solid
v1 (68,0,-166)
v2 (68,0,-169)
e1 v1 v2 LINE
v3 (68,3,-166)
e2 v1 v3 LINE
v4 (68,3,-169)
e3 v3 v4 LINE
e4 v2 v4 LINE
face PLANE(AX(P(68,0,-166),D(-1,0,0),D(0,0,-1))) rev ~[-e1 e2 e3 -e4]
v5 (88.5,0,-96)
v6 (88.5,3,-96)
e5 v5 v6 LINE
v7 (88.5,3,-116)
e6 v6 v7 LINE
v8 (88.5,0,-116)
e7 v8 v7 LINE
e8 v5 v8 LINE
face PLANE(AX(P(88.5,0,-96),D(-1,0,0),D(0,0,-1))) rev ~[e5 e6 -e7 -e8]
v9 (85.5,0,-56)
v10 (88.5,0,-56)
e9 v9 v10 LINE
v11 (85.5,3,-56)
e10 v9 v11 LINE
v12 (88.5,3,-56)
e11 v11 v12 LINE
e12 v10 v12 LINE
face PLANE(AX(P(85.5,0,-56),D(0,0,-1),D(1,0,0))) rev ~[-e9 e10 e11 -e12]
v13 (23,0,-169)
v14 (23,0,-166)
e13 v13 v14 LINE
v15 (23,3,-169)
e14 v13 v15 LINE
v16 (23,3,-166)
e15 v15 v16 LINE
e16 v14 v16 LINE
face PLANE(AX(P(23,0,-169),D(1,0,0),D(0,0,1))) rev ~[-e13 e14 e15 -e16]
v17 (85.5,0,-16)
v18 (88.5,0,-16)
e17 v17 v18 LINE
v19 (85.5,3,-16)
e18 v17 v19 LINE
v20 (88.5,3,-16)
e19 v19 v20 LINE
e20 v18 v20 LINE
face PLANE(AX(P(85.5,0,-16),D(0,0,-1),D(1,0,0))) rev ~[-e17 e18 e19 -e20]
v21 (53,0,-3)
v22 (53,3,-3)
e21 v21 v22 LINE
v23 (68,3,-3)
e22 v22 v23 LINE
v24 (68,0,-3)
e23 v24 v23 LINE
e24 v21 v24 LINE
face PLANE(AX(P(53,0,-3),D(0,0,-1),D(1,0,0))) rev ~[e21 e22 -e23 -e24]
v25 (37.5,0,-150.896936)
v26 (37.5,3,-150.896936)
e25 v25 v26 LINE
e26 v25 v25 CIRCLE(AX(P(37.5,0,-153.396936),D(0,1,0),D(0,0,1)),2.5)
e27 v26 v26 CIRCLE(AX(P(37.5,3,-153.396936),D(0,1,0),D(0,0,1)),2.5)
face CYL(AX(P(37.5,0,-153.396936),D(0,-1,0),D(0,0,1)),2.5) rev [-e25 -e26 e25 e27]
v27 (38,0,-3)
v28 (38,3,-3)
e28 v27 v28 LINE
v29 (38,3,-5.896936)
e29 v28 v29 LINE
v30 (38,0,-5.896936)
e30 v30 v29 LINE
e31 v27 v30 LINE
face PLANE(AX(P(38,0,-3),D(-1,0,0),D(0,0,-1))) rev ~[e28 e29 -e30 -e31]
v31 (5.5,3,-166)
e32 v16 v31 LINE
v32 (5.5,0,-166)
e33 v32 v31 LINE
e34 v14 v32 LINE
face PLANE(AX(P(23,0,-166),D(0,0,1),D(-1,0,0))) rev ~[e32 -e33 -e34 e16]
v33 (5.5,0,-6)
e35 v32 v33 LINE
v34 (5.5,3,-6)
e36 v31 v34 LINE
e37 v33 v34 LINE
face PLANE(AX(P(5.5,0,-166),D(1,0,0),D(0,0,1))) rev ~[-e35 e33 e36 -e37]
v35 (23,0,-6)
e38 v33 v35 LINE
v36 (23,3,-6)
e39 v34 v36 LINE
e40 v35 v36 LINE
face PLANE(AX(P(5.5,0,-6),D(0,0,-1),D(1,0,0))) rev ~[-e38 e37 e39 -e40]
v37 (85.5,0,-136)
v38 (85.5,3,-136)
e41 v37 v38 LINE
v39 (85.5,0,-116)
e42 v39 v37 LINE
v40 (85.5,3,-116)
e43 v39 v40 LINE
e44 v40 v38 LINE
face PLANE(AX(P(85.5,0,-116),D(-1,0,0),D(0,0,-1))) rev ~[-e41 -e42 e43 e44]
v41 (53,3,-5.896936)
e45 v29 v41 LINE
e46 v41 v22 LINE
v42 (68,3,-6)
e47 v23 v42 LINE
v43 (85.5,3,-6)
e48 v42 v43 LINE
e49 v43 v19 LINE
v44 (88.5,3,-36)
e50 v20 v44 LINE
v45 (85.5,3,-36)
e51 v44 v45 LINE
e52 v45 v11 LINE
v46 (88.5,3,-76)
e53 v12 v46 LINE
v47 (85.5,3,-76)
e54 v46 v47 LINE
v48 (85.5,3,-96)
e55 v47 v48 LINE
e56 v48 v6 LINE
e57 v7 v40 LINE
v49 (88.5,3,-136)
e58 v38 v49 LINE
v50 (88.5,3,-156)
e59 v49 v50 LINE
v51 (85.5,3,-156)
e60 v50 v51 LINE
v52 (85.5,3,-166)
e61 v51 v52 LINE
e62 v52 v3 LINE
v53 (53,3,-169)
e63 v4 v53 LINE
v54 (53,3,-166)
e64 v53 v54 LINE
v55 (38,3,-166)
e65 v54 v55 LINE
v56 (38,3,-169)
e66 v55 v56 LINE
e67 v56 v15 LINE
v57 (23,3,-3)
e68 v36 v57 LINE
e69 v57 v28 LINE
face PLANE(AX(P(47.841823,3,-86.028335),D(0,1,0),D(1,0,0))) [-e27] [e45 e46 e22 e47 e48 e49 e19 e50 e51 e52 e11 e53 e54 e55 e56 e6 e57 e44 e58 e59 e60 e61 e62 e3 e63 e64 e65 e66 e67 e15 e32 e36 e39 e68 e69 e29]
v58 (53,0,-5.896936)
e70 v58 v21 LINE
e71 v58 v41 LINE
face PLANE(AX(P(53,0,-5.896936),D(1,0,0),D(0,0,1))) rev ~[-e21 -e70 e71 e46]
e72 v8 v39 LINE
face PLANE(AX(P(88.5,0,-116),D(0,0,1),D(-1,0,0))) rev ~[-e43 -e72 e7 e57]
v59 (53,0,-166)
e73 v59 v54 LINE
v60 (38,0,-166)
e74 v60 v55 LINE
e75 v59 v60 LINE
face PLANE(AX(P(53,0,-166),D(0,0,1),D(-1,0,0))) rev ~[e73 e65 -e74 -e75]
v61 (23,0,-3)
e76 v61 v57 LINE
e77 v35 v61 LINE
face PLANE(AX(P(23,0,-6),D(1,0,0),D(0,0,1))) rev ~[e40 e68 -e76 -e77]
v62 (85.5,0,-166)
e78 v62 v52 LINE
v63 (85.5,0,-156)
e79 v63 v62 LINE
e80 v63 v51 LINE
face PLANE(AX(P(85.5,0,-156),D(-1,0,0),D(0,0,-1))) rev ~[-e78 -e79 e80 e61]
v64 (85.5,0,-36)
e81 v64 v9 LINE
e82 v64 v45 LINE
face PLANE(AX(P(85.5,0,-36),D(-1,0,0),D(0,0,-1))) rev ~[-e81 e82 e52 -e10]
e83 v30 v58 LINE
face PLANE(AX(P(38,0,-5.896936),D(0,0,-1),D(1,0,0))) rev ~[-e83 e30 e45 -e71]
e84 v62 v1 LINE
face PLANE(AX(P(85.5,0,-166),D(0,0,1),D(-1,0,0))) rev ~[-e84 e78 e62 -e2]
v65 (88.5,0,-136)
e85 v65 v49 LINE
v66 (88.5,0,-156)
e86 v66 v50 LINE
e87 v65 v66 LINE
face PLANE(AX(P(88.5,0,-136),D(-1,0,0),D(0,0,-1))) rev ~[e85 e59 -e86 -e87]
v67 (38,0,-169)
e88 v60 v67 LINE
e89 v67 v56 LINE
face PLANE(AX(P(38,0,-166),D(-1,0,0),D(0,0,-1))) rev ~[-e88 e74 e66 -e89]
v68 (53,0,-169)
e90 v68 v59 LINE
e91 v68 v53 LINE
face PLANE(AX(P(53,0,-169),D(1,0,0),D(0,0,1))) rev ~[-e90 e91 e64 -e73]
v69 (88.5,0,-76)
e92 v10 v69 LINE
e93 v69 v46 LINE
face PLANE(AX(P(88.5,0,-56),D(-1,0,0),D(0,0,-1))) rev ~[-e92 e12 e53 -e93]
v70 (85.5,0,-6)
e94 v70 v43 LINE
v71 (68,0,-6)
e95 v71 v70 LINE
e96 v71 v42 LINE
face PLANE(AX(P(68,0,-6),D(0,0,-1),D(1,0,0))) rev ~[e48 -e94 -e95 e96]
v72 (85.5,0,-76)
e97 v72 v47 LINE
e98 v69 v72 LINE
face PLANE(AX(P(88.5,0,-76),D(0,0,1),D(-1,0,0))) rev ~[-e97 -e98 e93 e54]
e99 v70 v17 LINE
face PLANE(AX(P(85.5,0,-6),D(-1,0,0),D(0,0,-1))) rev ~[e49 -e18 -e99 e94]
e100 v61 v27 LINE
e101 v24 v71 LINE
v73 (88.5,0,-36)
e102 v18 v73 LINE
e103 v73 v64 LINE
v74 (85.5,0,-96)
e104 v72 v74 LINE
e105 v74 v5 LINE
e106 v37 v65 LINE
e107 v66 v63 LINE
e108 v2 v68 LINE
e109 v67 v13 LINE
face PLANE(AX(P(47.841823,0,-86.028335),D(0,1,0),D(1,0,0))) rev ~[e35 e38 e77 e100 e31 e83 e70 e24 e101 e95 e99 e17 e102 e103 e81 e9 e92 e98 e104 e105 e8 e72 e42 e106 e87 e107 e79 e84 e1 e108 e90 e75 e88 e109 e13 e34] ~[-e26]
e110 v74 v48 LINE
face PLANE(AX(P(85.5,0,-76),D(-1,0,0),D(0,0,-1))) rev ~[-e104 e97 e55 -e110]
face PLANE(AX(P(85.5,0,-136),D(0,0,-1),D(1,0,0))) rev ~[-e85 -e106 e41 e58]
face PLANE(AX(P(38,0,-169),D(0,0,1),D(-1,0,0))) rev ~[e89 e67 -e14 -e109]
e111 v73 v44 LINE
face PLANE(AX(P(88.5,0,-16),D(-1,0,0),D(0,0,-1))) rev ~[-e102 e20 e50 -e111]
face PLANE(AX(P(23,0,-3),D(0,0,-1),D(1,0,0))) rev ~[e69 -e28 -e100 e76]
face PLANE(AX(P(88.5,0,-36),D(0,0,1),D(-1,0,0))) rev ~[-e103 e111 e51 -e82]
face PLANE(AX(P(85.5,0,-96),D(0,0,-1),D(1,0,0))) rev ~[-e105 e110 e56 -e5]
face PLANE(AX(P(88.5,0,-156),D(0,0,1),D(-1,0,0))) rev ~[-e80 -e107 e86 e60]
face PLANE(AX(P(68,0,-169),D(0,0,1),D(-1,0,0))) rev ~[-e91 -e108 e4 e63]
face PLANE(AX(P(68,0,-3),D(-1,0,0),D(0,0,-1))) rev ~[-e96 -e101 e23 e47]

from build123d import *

# Parameters (mm, degrees)
CROQUIS1_R              = 2.5
SALIENTE_EXTRUIR1_DEPTH = 3


with BuildPart() as part:
    # Croquis1 → Saliente-Extruir1 (new body)
    with BuildSketch(Plane(origin=(0, 0, 0), x_dir=(1, 0, 0), z_dir=(0, 1, 0))):
        Polygon((23, 3), (38, 3), (38, 5.896935859), (53, 5.896935859), (53, 3), (68, 3), (68, 6), (85.5, 6), (85.5, 16), (88.5, 16), (88.5, 36), (85.5, 36), (85.5, 56), (88.5, 56), (88.5, 76), (85.5, 76), (85.5, 96), (88.5, 96), (88.5, 116), (85.5, 116), (85.5, 136), (88.5, 136), (88.5, 156), (85.5, 156), (85.5, 166), (68, 166), (68, 169), (53, 169), (53, 166), (38, 166), (38, 169), (23, 169), (23, 166), (5.5, 166), (5.5, 153), (5.5, 13), (5.5, 6), (23, 6), align=None)
        with Locations(Location((37.5, 153.396935859, 0), (0, 0, 270))):
            Circle(CROQUIS1_R, mode=Mode.SUBTRACT)
    extrude(amount=SALIENTE_EXTRUIR1_DEPTH)


solid = part.part
